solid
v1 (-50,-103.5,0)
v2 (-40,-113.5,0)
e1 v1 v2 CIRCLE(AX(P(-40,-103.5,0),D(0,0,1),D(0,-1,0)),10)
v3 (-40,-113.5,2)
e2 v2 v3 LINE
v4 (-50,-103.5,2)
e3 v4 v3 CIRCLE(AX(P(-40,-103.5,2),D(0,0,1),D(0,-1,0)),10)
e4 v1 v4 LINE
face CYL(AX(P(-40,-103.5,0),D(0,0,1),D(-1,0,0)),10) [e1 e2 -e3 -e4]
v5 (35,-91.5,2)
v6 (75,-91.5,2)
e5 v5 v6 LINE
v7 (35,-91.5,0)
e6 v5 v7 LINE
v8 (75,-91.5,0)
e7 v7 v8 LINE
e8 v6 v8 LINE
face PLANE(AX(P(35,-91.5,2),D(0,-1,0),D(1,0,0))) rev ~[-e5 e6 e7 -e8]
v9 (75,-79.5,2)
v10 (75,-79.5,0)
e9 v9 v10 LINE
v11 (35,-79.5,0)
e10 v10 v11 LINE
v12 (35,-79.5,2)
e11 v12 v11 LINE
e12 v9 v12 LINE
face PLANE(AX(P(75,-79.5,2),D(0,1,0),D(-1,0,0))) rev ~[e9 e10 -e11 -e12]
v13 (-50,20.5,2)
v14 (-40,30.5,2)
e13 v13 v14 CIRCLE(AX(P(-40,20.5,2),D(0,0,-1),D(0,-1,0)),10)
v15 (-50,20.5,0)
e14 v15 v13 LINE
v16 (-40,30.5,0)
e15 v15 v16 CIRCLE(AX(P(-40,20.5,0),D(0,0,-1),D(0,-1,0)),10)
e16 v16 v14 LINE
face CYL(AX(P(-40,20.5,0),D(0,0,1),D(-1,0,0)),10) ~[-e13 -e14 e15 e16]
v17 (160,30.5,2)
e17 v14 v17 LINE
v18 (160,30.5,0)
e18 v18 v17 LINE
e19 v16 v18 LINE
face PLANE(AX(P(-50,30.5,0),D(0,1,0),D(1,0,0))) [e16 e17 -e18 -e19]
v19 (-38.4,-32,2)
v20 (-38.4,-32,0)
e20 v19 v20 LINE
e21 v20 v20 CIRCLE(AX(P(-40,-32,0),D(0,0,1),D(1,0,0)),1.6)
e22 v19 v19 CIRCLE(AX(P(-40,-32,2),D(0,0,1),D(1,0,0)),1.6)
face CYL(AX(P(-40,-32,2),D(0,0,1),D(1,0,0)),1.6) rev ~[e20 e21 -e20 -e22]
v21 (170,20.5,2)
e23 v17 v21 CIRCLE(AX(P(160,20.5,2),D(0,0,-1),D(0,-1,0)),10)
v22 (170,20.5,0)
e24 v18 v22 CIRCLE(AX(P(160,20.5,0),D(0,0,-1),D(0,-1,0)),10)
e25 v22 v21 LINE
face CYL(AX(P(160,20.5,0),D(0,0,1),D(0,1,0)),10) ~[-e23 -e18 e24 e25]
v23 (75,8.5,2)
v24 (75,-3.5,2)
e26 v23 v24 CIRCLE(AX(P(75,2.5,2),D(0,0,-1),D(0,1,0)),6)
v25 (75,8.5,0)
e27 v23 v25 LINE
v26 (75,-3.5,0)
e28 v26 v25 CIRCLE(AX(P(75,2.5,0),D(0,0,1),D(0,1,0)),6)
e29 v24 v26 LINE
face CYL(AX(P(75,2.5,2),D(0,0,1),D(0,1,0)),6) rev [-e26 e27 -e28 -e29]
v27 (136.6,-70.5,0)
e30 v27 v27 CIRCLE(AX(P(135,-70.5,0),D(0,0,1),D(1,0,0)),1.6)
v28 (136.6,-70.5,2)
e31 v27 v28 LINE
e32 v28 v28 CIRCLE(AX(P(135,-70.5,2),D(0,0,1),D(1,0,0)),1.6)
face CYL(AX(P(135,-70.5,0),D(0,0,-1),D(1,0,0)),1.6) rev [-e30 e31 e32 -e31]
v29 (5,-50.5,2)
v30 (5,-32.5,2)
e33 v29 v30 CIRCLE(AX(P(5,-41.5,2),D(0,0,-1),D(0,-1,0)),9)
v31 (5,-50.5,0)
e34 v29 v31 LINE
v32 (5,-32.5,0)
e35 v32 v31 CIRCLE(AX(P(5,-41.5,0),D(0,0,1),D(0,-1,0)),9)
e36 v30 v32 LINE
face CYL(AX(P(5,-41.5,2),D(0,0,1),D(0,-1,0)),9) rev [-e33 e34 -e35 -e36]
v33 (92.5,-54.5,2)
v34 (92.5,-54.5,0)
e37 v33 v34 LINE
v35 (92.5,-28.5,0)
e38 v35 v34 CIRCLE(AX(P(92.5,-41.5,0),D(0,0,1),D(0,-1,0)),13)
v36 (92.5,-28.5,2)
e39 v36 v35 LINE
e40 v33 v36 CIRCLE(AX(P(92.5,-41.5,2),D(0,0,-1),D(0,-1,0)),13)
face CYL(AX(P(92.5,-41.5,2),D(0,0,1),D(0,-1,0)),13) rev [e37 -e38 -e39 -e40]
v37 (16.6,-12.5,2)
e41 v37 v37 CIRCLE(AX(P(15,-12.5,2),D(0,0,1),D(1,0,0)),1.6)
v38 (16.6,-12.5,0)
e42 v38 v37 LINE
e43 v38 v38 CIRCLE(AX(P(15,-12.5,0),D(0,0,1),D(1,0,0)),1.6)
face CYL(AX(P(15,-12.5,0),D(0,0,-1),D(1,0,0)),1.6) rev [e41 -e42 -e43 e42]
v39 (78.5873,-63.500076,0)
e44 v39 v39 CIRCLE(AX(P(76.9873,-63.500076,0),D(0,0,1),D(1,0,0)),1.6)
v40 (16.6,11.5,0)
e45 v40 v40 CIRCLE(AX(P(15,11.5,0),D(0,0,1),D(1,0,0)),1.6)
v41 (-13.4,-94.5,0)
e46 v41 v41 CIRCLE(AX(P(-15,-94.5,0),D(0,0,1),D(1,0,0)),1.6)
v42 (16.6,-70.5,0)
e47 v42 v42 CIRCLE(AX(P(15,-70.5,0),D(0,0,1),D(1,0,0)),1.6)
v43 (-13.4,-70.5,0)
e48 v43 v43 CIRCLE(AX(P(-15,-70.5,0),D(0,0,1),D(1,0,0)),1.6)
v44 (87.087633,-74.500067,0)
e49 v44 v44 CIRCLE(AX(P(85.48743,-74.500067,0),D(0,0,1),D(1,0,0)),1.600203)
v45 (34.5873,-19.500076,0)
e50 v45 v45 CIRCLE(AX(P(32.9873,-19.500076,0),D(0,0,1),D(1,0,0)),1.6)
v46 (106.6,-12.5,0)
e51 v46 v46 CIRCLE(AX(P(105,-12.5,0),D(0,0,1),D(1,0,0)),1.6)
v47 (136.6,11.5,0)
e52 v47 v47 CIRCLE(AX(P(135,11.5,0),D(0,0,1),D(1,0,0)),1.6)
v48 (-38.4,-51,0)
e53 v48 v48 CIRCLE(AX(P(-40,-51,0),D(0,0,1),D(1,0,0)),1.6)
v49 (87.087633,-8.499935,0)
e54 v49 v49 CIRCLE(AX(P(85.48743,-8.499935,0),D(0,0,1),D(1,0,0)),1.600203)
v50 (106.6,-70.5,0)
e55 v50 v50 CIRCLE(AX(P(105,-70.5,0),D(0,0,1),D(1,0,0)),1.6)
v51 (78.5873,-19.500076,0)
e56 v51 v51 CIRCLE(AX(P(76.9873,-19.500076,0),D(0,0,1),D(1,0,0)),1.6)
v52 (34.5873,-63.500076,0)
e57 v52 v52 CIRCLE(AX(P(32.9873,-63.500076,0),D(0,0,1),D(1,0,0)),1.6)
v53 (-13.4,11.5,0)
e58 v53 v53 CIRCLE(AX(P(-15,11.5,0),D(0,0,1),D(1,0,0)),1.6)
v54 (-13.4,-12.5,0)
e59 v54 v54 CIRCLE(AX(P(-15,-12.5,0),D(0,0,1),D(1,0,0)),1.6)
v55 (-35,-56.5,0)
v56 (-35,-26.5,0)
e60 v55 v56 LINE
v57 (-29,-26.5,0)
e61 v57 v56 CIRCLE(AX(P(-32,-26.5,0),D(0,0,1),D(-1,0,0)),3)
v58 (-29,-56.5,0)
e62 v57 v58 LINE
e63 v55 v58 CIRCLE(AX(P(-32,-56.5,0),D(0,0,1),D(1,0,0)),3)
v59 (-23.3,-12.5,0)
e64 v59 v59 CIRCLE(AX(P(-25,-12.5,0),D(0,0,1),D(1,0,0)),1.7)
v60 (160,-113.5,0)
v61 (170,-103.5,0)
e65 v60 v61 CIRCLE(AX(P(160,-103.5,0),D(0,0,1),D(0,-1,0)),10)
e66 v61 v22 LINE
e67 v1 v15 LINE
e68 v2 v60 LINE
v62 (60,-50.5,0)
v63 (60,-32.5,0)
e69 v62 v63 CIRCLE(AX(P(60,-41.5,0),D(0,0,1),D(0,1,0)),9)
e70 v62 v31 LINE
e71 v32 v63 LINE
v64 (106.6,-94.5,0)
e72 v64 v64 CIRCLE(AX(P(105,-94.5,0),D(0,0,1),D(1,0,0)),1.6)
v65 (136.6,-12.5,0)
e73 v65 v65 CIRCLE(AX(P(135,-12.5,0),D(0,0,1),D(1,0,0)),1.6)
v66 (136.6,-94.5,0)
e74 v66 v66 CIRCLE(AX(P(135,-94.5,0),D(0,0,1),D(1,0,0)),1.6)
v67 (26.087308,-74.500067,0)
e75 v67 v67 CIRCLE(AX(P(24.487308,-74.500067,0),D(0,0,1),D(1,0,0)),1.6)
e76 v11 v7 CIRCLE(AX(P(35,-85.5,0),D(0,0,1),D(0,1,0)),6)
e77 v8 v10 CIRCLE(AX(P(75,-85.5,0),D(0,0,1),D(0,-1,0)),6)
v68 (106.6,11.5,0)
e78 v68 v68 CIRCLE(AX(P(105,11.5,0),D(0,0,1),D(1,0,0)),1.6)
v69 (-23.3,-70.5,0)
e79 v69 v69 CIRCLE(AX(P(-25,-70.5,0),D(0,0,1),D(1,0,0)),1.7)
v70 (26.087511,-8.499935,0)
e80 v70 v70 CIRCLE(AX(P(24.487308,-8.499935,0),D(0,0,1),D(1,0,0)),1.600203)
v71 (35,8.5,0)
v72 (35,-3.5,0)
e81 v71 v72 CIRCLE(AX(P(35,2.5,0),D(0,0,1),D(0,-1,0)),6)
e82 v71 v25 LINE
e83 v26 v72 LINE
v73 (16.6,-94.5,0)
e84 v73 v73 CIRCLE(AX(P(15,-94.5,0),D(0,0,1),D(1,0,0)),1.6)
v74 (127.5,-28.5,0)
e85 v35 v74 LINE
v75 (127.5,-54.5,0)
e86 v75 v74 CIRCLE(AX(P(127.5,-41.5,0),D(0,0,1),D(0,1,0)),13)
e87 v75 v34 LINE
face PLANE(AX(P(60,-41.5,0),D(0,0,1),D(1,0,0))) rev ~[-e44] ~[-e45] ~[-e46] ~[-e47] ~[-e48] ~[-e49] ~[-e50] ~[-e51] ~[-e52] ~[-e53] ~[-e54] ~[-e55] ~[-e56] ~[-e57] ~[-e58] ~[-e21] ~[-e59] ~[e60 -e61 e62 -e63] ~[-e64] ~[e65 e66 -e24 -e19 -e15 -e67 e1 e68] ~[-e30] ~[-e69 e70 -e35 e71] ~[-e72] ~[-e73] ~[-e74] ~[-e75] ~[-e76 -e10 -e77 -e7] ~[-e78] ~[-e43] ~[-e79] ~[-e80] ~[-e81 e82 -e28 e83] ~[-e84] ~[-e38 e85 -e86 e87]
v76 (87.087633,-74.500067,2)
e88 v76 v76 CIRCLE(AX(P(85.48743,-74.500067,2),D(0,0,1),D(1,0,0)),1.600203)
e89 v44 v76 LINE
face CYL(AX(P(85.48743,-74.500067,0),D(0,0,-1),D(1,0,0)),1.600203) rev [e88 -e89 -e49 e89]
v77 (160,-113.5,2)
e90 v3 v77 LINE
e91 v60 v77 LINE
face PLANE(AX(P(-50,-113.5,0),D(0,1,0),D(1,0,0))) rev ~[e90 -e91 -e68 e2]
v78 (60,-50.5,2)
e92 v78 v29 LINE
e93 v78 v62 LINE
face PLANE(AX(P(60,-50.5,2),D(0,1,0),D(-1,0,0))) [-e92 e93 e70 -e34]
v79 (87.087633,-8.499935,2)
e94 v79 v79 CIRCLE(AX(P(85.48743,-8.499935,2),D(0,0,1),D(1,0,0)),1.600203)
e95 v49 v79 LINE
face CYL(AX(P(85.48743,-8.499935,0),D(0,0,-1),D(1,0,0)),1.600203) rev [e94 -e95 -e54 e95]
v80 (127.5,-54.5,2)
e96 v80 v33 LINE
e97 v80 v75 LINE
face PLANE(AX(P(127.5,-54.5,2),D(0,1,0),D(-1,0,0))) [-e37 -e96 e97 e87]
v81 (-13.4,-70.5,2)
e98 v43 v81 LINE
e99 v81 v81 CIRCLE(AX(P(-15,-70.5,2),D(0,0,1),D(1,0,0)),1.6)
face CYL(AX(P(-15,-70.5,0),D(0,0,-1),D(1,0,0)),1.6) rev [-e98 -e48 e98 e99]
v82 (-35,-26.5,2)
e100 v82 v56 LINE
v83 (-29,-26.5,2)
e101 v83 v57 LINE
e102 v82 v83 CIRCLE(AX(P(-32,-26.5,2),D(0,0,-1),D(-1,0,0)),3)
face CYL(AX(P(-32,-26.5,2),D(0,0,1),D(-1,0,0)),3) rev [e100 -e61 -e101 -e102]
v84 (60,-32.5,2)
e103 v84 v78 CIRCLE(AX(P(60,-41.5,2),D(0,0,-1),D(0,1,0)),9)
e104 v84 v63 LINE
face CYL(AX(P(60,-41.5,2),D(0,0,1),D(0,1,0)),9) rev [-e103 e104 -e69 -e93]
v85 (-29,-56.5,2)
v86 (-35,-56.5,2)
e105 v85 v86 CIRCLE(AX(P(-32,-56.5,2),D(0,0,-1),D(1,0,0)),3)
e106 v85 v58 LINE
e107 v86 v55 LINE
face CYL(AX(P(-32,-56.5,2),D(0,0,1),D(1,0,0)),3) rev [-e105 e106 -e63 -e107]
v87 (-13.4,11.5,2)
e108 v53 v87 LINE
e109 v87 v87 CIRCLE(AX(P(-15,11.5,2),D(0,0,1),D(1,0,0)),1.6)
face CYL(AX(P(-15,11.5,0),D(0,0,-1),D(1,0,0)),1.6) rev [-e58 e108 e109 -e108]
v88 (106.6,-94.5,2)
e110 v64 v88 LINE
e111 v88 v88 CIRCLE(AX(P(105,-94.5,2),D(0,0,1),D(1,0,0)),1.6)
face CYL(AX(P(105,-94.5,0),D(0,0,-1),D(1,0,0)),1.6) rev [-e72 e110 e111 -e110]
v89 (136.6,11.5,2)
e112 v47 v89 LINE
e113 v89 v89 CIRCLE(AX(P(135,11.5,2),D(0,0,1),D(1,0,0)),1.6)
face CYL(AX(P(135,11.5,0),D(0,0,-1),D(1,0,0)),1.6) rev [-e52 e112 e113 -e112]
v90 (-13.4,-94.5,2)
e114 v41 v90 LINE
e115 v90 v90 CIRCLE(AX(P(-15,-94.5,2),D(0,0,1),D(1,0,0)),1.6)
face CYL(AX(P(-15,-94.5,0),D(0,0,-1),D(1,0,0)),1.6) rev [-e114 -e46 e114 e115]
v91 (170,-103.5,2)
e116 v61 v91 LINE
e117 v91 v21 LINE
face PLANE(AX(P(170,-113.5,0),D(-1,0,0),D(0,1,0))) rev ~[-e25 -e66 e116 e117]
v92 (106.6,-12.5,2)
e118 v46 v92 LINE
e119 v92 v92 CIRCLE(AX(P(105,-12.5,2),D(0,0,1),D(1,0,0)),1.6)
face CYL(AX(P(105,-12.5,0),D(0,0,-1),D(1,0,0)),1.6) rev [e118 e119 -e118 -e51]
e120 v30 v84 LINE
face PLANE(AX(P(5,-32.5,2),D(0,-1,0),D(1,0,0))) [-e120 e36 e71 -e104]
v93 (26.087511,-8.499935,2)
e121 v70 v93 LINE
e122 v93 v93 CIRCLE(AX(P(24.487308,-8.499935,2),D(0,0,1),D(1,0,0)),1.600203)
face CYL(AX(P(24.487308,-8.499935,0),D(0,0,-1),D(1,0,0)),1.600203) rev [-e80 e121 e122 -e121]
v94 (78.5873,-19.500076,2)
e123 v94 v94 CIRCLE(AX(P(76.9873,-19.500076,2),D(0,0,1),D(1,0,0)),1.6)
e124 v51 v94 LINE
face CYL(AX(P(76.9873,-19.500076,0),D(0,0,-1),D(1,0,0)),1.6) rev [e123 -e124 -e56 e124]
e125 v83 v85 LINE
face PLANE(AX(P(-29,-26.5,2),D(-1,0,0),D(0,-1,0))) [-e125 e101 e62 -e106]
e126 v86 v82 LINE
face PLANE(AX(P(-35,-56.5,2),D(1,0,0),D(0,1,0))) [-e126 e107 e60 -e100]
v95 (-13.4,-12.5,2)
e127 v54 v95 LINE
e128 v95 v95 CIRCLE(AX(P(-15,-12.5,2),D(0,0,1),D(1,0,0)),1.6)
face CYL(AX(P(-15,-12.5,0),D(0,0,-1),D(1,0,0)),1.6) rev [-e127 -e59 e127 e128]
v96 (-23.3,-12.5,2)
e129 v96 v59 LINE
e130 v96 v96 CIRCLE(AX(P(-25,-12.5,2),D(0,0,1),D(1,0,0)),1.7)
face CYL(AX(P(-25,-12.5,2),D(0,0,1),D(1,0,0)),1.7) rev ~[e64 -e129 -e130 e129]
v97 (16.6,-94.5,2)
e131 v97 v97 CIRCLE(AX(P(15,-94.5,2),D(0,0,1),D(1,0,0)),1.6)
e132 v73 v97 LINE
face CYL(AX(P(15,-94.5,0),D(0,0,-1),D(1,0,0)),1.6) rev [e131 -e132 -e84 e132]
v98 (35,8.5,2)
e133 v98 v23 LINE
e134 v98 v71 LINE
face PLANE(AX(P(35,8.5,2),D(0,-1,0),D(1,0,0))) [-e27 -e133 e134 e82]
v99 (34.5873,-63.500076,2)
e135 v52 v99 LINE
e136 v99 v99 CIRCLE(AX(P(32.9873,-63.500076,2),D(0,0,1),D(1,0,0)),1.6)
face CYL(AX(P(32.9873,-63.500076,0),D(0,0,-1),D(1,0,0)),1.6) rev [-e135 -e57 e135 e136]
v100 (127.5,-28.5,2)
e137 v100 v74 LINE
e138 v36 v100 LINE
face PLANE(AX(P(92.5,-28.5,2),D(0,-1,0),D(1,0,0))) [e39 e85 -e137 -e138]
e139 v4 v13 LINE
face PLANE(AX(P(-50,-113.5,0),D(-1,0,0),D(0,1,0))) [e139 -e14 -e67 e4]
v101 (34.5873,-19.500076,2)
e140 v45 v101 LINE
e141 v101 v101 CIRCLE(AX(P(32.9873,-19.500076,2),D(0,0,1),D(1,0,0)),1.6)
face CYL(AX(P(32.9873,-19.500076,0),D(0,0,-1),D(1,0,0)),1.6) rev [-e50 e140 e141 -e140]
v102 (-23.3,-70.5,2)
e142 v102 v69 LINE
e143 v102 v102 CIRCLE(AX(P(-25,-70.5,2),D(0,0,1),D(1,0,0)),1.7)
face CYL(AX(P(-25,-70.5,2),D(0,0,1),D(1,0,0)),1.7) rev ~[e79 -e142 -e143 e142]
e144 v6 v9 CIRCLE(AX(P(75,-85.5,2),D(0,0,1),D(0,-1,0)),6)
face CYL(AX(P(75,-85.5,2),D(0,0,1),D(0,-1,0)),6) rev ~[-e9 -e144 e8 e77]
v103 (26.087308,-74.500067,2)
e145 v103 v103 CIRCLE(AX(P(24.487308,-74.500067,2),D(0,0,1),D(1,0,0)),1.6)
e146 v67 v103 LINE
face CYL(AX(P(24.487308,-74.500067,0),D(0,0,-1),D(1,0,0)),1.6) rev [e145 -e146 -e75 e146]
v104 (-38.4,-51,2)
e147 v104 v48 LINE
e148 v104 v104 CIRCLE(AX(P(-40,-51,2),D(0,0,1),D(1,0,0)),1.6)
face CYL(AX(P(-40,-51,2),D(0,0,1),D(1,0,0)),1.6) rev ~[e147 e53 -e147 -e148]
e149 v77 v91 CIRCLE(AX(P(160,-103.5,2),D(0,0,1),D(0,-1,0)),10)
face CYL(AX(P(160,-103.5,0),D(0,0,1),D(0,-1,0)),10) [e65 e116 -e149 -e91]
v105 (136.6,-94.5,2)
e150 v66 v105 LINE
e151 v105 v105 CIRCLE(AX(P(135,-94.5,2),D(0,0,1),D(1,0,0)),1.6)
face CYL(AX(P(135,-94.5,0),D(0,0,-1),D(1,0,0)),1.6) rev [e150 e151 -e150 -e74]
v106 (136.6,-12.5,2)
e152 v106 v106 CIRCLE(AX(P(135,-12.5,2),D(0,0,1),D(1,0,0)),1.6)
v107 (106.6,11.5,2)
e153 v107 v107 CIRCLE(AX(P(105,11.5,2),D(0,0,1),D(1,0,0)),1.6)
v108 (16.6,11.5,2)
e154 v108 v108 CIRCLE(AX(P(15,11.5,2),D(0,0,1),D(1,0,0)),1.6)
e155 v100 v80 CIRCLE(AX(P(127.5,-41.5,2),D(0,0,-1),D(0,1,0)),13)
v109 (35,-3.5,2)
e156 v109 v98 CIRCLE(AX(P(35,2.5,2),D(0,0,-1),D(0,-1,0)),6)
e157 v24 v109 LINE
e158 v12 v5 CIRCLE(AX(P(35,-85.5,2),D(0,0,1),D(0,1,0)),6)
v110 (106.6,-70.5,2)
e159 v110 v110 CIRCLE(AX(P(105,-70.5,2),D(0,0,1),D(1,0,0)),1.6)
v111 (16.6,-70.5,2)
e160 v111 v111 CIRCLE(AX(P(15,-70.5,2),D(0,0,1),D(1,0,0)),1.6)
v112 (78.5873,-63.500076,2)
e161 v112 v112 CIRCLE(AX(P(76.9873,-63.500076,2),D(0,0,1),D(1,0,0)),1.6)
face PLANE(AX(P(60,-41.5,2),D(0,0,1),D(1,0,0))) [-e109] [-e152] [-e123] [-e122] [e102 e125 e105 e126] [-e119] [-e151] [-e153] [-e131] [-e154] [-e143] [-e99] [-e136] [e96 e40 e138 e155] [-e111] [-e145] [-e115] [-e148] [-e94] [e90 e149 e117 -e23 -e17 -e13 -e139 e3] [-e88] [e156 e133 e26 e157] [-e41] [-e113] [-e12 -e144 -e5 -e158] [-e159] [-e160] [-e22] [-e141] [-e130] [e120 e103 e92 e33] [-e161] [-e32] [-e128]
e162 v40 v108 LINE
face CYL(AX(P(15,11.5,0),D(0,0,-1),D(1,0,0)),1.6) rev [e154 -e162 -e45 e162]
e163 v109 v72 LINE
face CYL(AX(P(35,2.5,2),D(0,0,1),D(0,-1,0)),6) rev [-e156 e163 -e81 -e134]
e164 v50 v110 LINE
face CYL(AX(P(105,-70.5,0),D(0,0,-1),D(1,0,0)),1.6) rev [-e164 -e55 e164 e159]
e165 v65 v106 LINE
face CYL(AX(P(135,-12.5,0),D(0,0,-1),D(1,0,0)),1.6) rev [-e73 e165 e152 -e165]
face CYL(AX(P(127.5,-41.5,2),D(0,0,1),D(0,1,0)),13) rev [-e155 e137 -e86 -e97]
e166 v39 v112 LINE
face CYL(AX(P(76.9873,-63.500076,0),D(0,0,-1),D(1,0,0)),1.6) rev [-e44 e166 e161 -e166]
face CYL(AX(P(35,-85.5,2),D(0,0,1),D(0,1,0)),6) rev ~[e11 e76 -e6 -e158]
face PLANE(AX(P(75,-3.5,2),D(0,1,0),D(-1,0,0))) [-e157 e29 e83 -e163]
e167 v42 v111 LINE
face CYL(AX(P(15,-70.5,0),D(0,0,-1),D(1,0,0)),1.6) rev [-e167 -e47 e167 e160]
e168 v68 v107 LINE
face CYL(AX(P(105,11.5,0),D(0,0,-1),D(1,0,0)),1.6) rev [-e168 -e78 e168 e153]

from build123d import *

# Parameters (mm, degrees)
SKETCH_1_W          = 220
SKETCH_1_H          = 144
SKETCH_1_R          = 1.6
SKETCH_1_R_2        = 1.6002032
EXTRUDE_1_DEPTH     = 2
CUT_EXTRUDE_1_DEPTH = 10
FILLET_1_R          = 10
CUT_EXTRUDE_2_DEPTH = 10
CUT_EXTRUDE_3_DEPTH = 10
SKETCH_8_R          = 1.6
CUT_EXTRUDE_4_DEPTH = 10
SKETCH_9_R          = 1.7
CUT_EXTRUDE_5_DEPTH = 10


with BuildPart() as part:
    # 草图1 → 凸台-拉伸1 (new body)
    with BuildSketch(Plane.XY):
        with Locations((60, -41.5)):
            Rectangle(SKETCH_1_W, SKETCH_1_H)
        with Locations((135, 11.5)):
            Circle(SKETCH_1_R, mode=Mode.SUBTRACT)
        with Locations((135, -12.5)):
            Circle(SKETCH_1_R, mode=Mode.SUBTRACT)
        with Locations((105, 11.5)):
            Circle(SKETCH_1_R, mode=Mode.SUBTRACT)
        with Locations((105, -12.5)):
            Circle(SKETCH_1_R, mode=Mode.SUBTRACT)
        with Locations((135, -70.5)):
            Circle(SKETCH_1_R, mode=Mode.SUBTRACT)
        with Locations((135, -94.5)):
            Circle(SKETCH_1_R, mode=Mode.SUBTRACT)
        with Locations((105, -70.5)):
            Circle(SKETCH_1_R, mode=Mode.SUBTRACT)
        with Locations((105, -94.5)):
            Circle(SKETCH_1_R, mode=Mode.SUBTRACT)
        with Locations((15, 11.5)):
            Circle(SKETCH_1_R, mode=Mode.SUBTRACT)
        with Locations((-15, 11.5)):
            Circle(SKETCH_1_R, mode=Mode.SUBTRACT)
        with Locations((15, -12.5)):
            Circle(SKETCH_1_R, mode=Mode.SUBTRACT)
        with Locations((-15, -12.5)):
            Circle(SKETCH_1_R, mode=Mode.SUBTRACT)
        with Locations((15, -70.5)):
            Circle(SKETCH_1_R, mode=Mode.SUBTRACT)
        with Locations((-15, -70.5)):
            Circle(SKETCH_1_R, mode=Mode.SUBTRACT)
        with Locations((15, -94.5)):
            Circle(SKETCH_1_R, mode=Mode.SUBTRACT)
        with Locations((-15, -94.5)):
            Circle(SKETCH_1_R, mode=Mode.SUBTRACT)
        with Locations((24.487307595, -8.49993523)):
            Circle(SKETCH_1_R_2, mode=Mode.SUBTRACT)
        with Locations((85.487429515, -8.49993523)):
            Circle(SKETCH_1_R_2, mode=Mode.SUBTRACT)
        with Locations((24.487307595, -74.50006731)):
            Circle(SKETCH_1_R, mode=Mode.SUBTRACT)
        with Locations((85.487429515, -74.50006731)):
            Circle(SKETCH_1_R_2, mode=Mode.SUBTRACT)
        with Locations((76.987299975, -19.5000762)):
            Circle(SKETCH_1_R, mode=Mode.SUBTRACT)
        with Locations((76.987299975, -63.5000762)):
            Circle(SKETCH_1_R, mode=Mode.SUBTRACT)
        with Locations((32.987299975, -63.5000762)):
            Circle(SKETCH_1_R, mode=Mode.SUBTRACT)
        with Locations((32.987299975, -19.5000762)):
            Circle(SKETCH_1_R, mode=Mode.SUBTRACT)
    extrude(amount=EXTRUDE_1_DEPTH)

    # 草图4 → 切除-拉伸1 (cut)
    with BuildSketch(Plane.XY.offset(2)):
        with BuildLine():
            Line((92.5, -28.5), (127.5, -28.5))
            ThreePointArc((127.5, -28.5), (140.5, -41.5), (127.5, -54.5))
            Line((127.5, -54.5), (92.5, -54.5))
            ThreePointArc((92.5, -54.5), (79.5, -41.5), (92.5, -28.5))
        make_face()
    extrude(amount=-CUT_EXTRUDE_1_DEPTH, mode=Mode.SUBTRACT)

    # 圆角1
    fillet_1_edges = [part.edges().sort_by_distance(p)[0] for p in [
        (-50, -113.5, 1),
        (-50, 30.5, 1),
        (170, 30.5, 1),
        (170, -113.5, 1),
    ]]
    fillet(fillet_1_edges, radius=FILLET_1_R)

    # 草图5 → 切除-拉伸2 (cut)
    with BuildSketch(Plane.XY.offset(2)):
        with BuildLine():
            Line((5, -32.5), (60, -32.5))
            ThreePointArc((60, -32.5), (69, -41.5), (60, -50.5))
            Line((60, -50.5), (5, -50.5))
            ThreePointArc((5, -50.5), (-4, -41.5), (5, -32.5))
        make_face()
    extrude(amount=-CUT_EXTRUDE_2_DEPTH, mode=Mode.SUBTRACT)

    # 草图6 → 切除-拉伸3 (cut)
    with BuildSketch(Plane.XY.offset(2)):
        with BuildLine():
            Line((35, 8.5), (75, 8.5))
            ThreePointArc((75, 8.5), (81, 2.5), (75, -3.5))
            Line((75, -3.5), (35, -3.5))
            ThreePointArc((35, -3.5), (29, 2.5), (35, 8.5))
        make_face()
        with BuildLine():
            Line((35, -91.5), (75, -91.5))
            ThreePointArc((75, -91.5), (81, -85.5), (75, -79.5))
            Line((75, -79.5), (35, -79.5))
            ThreePointArc((35, -79.5), (29, -85.5), (35, -91.5))
        make_face()
    extrude(amount=-CUT_EXTRUDE_3_DEPTH, mode=Mode.SUBTRACT)

    # 草图8 → 切除-拉伸4 (cut)
    with BuildSketch(Plane.XY.offset(2)):
        with Locations((-40, -32)):
            Circle(SKETCH_8_R)
        with Locations((-40, -51)):
            Circle(SKETCH_8_R)
        with BuildLine():
            Line((-29, -26.5), (-29, -56.5))
            ThreePointArc((-29, -56.5), (-32, -59.5), (-35, -56.5))
            Line((-35, -56.5), (-35, -26.5))
            ThreePointArc((-35, -26.5), (-32, -23.5), (-29, -26.5))
        make_face()
    extrude(amount=-CUT_EXTRUDE_4_DEPTH, mode=Mode.SUBTRACT)

    # 草图9 → 切除-拉伸5 (cut)
    with BuildSketch(Plane.XY.offset(2)):
        with Locations((-25, -70.5)):
            Circle(SKETCH_9_R)
        with Locations((-25, -12.5)):
            Circle(SKETCH_9_R)
    extrude(amount=-CUT_EXTRUDE_5_DEPTH, mode=Mode.SUBTRACT)


solid = part.part
